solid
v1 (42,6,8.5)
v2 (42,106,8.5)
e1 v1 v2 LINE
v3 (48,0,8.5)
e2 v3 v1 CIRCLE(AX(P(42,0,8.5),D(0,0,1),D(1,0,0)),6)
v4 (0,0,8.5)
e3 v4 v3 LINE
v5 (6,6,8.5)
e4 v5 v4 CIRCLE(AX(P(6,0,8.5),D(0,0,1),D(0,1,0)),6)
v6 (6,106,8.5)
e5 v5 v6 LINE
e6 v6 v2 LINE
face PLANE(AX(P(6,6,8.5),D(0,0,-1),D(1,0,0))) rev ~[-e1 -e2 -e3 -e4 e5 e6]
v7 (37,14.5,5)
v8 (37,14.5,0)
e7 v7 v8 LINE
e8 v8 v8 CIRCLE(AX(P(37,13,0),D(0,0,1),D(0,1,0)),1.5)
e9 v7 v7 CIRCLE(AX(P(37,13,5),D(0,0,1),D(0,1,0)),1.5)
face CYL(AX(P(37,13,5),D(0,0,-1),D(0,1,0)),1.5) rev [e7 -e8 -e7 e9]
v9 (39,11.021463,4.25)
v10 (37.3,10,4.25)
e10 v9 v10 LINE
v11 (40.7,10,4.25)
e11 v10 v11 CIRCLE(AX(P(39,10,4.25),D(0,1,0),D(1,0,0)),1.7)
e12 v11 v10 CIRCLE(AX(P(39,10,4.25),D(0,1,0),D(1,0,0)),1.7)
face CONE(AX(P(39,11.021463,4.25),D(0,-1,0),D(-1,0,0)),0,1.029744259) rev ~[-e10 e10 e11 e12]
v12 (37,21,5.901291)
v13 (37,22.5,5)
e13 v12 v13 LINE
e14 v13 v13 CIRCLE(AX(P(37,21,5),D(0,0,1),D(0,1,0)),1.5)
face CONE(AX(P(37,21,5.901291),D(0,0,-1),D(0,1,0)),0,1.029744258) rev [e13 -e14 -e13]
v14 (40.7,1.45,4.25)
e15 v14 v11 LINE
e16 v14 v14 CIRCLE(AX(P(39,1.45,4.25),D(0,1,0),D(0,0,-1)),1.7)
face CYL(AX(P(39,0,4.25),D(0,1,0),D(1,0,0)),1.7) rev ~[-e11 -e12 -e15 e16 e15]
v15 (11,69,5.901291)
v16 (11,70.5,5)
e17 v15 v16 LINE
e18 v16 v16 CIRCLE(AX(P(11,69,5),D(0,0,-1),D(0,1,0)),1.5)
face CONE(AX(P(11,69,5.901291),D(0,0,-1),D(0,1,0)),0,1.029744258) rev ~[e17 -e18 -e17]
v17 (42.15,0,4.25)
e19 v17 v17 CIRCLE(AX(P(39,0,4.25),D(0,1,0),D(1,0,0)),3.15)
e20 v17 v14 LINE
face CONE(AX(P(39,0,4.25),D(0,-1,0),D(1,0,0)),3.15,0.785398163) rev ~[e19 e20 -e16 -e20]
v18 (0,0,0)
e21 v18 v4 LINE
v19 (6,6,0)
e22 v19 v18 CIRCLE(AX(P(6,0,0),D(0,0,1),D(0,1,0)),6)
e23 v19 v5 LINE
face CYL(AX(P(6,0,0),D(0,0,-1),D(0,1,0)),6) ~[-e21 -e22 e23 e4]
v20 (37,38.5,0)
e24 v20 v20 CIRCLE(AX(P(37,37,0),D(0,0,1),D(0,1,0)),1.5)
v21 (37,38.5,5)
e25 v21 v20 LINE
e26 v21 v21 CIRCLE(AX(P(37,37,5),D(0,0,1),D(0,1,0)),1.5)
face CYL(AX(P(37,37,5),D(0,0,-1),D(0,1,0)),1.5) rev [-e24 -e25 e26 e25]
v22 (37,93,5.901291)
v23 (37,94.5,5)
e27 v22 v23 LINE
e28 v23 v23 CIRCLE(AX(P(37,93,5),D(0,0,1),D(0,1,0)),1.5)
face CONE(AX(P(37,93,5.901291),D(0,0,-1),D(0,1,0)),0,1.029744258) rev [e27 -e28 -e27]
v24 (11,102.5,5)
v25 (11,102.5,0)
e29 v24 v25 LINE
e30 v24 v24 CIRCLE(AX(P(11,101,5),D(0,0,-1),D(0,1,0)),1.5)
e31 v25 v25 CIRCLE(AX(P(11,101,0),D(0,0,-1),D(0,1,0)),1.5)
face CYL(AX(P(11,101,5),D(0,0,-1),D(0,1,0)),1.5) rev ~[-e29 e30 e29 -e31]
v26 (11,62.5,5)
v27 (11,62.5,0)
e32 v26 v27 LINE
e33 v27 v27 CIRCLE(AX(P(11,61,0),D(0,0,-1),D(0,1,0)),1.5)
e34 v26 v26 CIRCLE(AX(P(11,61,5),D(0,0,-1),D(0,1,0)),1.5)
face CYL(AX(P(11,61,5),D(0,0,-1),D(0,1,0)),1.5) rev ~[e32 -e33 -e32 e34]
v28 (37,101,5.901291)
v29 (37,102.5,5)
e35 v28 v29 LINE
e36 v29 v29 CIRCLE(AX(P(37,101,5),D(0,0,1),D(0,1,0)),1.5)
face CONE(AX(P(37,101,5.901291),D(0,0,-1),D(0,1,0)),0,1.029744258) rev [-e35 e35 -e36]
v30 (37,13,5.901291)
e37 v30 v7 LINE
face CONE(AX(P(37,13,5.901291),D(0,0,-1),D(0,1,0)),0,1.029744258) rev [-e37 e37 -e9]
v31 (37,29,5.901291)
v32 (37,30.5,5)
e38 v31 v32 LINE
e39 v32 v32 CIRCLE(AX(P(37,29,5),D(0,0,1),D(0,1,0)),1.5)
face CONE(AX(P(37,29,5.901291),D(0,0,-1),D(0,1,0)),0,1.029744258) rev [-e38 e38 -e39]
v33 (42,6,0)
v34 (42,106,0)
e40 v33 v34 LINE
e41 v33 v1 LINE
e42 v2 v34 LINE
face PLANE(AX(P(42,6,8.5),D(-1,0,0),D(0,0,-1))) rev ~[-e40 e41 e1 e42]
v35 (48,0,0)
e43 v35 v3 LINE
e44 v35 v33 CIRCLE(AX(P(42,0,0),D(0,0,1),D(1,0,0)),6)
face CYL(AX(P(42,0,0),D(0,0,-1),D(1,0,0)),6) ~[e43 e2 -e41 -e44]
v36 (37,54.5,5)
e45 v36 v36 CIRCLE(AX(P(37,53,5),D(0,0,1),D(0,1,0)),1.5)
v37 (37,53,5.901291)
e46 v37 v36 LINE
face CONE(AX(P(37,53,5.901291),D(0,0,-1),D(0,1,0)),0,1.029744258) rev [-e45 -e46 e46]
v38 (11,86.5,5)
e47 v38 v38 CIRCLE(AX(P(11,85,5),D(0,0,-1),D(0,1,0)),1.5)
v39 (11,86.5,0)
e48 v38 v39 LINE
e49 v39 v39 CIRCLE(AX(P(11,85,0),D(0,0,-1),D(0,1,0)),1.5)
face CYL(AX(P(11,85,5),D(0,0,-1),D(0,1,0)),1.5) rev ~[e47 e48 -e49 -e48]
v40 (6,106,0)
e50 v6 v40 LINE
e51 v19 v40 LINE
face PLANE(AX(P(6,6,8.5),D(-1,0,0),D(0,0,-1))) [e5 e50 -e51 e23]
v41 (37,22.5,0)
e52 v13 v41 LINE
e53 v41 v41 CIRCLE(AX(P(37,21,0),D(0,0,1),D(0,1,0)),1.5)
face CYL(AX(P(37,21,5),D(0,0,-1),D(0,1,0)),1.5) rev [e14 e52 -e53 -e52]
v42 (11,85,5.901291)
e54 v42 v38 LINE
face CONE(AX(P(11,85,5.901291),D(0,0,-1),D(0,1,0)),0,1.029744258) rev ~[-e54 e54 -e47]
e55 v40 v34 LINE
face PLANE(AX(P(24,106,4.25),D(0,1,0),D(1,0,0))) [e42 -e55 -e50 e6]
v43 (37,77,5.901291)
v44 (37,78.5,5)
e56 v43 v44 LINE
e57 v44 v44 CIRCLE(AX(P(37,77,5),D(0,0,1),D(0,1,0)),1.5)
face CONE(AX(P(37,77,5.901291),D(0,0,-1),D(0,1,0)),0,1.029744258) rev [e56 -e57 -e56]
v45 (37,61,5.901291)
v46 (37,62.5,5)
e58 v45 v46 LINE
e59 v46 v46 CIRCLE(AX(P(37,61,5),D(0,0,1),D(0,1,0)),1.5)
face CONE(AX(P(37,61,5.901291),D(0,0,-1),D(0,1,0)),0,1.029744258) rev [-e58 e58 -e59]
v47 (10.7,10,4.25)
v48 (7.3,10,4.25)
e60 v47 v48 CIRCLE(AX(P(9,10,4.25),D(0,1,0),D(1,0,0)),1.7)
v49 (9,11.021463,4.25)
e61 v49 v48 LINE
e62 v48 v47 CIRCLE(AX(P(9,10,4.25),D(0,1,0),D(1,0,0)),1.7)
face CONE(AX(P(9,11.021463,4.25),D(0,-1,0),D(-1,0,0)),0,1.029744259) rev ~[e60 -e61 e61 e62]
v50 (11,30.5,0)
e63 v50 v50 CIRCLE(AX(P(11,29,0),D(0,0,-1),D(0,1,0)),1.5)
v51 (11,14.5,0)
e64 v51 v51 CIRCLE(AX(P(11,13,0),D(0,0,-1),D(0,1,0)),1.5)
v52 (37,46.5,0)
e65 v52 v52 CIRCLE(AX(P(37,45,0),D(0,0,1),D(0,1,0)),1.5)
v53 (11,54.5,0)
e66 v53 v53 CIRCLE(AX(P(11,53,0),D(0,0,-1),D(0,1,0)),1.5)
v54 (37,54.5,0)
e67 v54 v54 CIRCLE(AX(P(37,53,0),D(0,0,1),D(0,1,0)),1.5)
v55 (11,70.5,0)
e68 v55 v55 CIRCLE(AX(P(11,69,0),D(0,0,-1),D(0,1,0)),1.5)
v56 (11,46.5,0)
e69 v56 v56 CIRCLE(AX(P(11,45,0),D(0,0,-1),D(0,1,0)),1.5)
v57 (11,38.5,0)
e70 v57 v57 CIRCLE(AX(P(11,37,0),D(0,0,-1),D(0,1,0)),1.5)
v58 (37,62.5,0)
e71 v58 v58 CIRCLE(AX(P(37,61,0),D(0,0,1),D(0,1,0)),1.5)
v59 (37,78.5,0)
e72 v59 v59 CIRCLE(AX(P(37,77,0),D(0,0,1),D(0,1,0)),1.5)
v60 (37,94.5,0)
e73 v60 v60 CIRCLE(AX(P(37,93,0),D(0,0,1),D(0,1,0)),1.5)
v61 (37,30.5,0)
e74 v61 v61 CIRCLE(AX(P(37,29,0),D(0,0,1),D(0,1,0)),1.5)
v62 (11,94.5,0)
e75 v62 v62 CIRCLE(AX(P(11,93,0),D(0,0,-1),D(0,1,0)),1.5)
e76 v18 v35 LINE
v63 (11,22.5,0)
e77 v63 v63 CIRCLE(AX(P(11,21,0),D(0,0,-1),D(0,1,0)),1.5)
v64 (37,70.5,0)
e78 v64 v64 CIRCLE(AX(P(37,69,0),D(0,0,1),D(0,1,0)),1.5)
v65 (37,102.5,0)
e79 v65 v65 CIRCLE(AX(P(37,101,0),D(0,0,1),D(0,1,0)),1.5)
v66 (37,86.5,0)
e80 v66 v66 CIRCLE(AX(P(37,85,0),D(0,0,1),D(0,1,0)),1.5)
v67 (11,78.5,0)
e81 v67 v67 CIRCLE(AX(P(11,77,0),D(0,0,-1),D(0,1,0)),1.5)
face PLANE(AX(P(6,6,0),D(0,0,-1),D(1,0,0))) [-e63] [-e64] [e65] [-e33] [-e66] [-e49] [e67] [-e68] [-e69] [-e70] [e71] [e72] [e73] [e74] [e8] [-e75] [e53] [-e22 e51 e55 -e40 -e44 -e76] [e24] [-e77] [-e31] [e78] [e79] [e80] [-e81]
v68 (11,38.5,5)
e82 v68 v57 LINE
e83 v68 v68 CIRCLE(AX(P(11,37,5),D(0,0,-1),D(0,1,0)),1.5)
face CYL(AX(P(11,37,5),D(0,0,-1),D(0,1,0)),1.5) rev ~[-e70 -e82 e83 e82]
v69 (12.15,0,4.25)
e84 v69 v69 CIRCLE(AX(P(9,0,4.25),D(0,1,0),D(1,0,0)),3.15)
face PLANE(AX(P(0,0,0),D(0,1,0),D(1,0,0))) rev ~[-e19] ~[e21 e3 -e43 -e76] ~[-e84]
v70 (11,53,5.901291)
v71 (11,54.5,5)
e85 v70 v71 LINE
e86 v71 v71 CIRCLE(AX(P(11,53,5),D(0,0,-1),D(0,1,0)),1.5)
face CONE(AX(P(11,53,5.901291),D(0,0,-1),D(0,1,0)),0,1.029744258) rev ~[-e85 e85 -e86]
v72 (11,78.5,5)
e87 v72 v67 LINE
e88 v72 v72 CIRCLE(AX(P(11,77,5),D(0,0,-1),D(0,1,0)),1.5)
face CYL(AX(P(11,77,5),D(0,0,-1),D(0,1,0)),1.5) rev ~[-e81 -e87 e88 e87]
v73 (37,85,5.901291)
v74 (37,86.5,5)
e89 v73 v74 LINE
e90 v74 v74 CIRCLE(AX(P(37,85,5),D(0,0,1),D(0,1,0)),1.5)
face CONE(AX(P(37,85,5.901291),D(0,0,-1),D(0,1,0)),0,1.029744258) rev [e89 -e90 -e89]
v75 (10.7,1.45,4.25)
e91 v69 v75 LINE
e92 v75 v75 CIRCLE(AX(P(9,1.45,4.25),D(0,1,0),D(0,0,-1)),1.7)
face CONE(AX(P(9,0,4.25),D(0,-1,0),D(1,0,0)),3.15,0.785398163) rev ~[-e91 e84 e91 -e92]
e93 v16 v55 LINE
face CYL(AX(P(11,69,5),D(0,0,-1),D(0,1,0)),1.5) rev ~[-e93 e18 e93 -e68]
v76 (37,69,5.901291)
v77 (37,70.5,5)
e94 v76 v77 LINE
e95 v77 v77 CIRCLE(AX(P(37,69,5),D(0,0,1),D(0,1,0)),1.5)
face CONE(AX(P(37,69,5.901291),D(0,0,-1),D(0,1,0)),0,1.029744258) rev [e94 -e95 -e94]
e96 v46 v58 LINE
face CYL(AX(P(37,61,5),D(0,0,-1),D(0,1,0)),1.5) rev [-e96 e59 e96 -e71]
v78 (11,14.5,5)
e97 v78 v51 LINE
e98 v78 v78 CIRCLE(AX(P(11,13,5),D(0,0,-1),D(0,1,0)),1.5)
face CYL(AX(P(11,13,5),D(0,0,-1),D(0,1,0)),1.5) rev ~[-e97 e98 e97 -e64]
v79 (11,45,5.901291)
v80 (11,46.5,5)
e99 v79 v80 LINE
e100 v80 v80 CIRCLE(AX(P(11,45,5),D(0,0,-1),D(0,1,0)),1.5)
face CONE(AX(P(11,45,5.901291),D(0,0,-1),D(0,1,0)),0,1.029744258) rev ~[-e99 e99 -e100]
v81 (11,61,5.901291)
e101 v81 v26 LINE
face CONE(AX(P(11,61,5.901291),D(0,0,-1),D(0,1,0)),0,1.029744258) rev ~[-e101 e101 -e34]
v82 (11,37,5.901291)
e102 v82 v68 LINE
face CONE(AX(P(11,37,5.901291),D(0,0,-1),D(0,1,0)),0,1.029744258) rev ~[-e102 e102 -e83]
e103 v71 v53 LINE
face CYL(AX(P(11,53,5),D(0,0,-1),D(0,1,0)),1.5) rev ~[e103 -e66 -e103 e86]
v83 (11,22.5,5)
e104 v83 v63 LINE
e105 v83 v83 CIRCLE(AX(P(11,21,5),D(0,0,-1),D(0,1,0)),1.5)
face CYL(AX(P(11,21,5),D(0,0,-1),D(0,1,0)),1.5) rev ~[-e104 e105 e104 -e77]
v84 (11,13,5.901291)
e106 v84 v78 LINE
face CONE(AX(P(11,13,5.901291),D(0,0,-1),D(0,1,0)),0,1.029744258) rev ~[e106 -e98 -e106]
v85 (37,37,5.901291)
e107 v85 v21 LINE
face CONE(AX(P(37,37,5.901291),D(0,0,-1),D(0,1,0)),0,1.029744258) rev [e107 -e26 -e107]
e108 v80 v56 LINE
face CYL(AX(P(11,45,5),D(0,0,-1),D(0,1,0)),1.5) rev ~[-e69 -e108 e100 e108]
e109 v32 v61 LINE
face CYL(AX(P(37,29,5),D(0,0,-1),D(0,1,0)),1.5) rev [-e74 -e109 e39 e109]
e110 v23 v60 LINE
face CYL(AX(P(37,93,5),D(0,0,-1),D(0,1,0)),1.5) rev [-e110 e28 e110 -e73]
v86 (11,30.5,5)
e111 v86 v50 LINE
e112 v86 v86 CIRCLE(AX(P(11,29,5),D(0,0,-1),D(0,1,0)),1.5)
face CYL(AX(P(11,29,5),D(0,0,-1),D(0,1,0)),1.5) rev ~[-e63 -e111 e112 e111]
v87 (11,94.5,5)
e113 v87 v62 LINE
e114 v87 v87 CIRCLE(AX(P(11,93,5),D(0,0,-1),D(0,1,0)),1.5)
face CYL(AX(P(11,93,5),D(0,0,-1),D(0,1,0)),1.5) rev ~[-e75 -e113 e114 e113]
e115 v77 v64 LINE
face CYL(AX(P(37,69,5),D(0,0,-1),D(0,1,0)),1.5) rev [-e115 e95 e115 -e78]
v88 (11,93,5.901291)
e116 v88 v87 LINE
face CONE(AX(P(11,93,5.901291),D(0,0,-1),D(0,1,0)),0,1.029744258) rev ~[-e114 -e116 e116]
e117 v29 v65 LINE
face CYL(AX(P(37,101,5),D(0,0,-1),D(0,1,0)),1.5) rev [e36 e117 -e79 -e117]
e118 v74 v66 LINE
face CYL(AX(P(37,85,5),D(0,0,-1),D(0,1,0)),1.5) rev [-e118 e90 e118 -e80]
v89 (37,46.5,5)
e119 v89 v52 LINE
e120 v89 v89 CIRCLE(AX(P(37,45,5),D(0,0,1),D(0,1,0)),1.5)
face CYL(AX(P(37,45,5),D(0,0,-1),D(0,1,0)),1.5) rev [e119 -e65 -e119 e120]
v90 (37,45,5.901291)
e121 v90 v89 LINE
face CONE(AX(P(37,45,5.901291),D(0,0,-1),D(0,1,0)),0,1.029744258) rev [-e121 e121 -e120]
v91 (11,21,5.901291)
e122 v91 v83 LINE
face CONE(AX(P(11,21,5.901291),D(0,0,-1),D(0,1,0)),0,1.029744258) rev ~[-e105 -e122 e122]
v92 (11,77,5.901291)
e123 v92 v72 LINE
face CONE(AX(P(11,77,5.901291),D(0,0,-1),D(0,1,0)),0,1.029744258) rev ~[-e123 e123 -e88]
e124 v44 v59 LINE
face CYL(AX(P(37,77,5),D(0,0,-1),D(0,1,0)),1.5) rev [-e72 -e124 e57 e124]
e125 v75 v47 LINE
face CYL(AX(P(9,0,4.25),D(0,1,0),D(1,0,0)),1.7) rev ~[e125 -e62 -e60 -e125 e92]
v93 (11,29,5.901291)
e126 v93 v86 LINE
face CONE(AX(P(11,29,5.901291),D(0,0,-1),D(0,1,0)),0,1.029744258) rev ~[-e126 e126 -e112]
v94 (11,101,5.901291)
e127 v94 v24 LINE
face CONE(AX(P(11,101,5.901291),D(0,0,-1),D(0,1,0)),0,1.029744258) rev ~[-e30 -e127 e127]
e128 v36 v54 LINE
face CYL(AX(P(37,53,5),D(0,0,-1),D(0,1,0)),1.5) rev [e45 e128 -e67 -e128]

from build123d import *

# Parameters (mm, degrees)
BOSS_EXTRUDE1_DEPTH                             = 8.5
SKETCH5_W                                       = 36
SKETCH5_H                                       = 8.5
BOSS_EXTRUDE2_DEPTH                             = 100
CSK_FOR_M3_FLAT_HEAD_MACHINE_SCREW2_D           = 3.4
CSK_FOR_M3_FLAT_HEAD_MACHINE_SCREW2_DEPTH       = 10
CSK_FOR_M3_FLAT_HEAD_MACHINE_SCREW2_CSINK_D     = 6.3
CSK_FOR_M3_FLAT_HEAD_MACHINE_SCREW2_CSINK_ANGLE = 90
CSK_FOR_M3_FLAT_HEAD_MACHINE_SCREW2_TIP         = 1.021463052
LPATTERN1_COUNT                                 = 12
LPATTERN1_PITCH                                 = 8


with BuildPart() as part:
    # Sketch1 → Boss-Extrude1 (new body)
    with BuildSketch(Plane.XY):
        with BuildLine():
            Line((0, 0), (48, 0))
            ThreePointArc((48, 0), (46.242640687, 4.242640687), (42, 6))
            Line((42, 6), (6, 6))
            ThreePointArc((6, 6), (1.757359313, 4.242640687), (0, 0))
        make_face()
    extrude(amount=BOSS_EXTRUDE1_DEPTH)

    # Sketch5 → Boss-Extrude2 (add)
    with BuildSketch(Plane(origin=(0, 6, 0), x_dir=(1, 0, 0), z_dir=(0, 1, 0))):
        with Locations((24, -4.25)):
            Rectangle(SKETCH5_W, SKETCH5_H)
    extrude(amount=BOSS_EXTRUDE2_DEPTH)

    # Sketch14 → Ø3.0mm Dowel Hole3 (revolve, cut)
    with BuildSketch(Plane(origin=(37, 101, 0), x_dir=(0, 1, 0), z_dir=(1, 0, 0))):
        Polygon((0, 0), (0, 5.901290929), (1.5, 5), (1.5, 0), align=None)
    f_3_0mm_dowel_hole3 = revolve(axis=Axis((37, 101, -6.35), (0, 0, 1)), mode=Mode.SUBTRACT)

    # CSK for M3 Flat Head Machine Screw2
    with Locations(Plane(origin=(0, 0, 0), x_dir=(-1, 0, 0), z_dir=(0, -1, 0))):
        with Locations((-39, -4.25), (-9, -4.25)):
            CounterSinkHole(CSK_FOR_M3_FLAT_HEAD_MACHINE_SCREW2_D / 2, CSK_FOR_M3_FLAT_HEAD_MACHINE_SCREW2_CSINK_D / 2, depth=CSK_FOR_M3_FLAT_HEAD_MACHINE_SCREW2_DEPTH, counter_sink_angle=CSK_FOR_M3_FLAT_HEAD_MACHINE_SCREW2_CSINK_ANGLE)
            with Locations((0, 0, -(CSK_FOR_M3_FLAT_HEAD_MACHINE_SCREW2_DEPTH + CSK_FOR_M3_FLAT_HEAD_MACHINE_SCREW2_TIP / 2))):  # 118° drill point
                Cone(0, CSK_FOR_M3_FLAT_HEAD_MACHINE_SCREW2_D / 2, CSK_FOR_M3_FLAT_HEAD_MACHINE_SCREW2_TIP, mode=Mode.SUBTRACT)

    # Mirror1: Ø3.0mm Dowel Hole3 across plane
    add(f_3_0mm_dowel_hole3.mirror(Plane(origin=(24, 0, 0), x_dir=(0, 0, 1), z_dir=(1, 0, 0))), mode=Mode.SUBTRACT)

    # LPattern1: Ø3.0mm Dowel Hole3 ×12
    with Locations(*[(0, -i * LPATTERN1_PITCH, 0) for i in range(1, LPATTERN1_COUNT)]):
        add(f_3_0mm_dowel_hole3, mode=Mode.SUBTRACT)

    # LPattern1 copy 1 sketch → LPattern1 copy 1 (revolve, cut)
    with BuildSketch(Plane(origin=(11, 93, 0), x_dir=(0, 1, 0), z_dir=(-1, 0, 0))):
        Polygon((0, 0), (0, -5.901290929), (1.5, -5), (1.5, 0), align=None)
    revolve(axis=Axis((11, 93, -6.35), (0, 0, -1)), mode=Mode.SUBTRACT)

    # LPattern1 copy 2 sketch → LPattern1 copy 2 (revolve, cut)
    with BuildSketch(Plane(origin=(11, 85, 0), x_dir=(0, 1, 0), z_dir=(-1, 0, 0))):
        Polygon((0, 0), (0, -5.901290929), (1.5, -5), (1.5, 0), align=None)
    revolve(axis=Axis((11, 85, -6.35), (0, 0, -1)), mode=Mode.SUBTRACT)

    # LPattern1 copy 3 sketch → LPattern1 copy 3 (revolve, cut)
    with BuildSketch(Plane(origin=(11, 77, 0), x_dir=(0, 1, 0), z_dir=(-1, 0, 0))):
        Polygon((0, 0), (0, -5.901290929), (1.5, -5), (1.5, 0), align=None)
    revolve(axis=Axis((11, 77, -6.35), (0, 0, -1)), mode=Mode.SUBTRACT)

    # LPattern1 copy 4 sketch → LPattern1 copy 4 (revolve, cut)
    with BuildSketch(Plane(origin=(11, 69, 0), x_dir=(0, 1, 0), z_dir=(-1, 0, 0))):
        Polygon((0, 0), (0, -5.901290929), (1.5, -5), (1.5, 0), align=None)
    revolve(axis=Axis((11, 69, -6.35), (0, 0, -1)), mode=Mode.SUBTRACT)

    # LPattern1 copy 5 sketch → LPattern1 copy 5 (revolve, cut)
    with BuildSketch(Plane(origin=(11, 61, 0), x_dir=(0, 1, 0), z_dir=(-1, 0, 0))):
        Polygon((0, 0), (0, -5.901290929), (1.5, -5), (1.5, 0), align=None)
    revolve(axis=Axis((11, 61, -6.35), (0, 0, -1)), mode=Mode.SUBTRACT)

    # LPattern1 copy 6 sketch → LPattern1 copy 6 (revolve, cut)
    with BuildSketch(Plane(origin=(11, 53, 0), x_dir=(0, 1, 0), z_dir=(-1, 0, 0))):
        Polygon((0, 0), (0, -5.901290929), (1.5, -5), (1.5, 0), align=None)
    revolve(axis=Axis((11, 53, -6.35), (0, 0, -1)), mode=Mode.SUBTRACT)

    # LPattern1 copy 7 sketch → LPattern1 copy 7 (revolve, cut)
    with BuildSketch(Plane(origin=(11, 45, 0), x_dir=(0, 1, 0), z_dir=(-1, 0, 0))):
        Polygon((0, 0), (0, -5.901290929), (1.5, -5), (1.5, 0), align=None)
    revolve(axis=Axis((11, 45, -6.35), (0, 0, -1)), mode=Mode.SUBTRACT)

    # LPattern1 copy 8 sketch → LPattern1 copy 8 (revolve, cut)
    with BuildSketch(Plane(origin=(11, 37, 0), x_dir=(0, 1, 0), z_dir=(-1, 0, 0))):
        Polygon((0, 0), (0, -5.901290929), (1.5, -5), (1.5, 0), align=None)
    revolve(axis=Axis((11, 37, -6.35), (0, 0, -1)), mode=Mode.SUBTRACT)

    # LPattern1 copy 9 sketch → LPattern1 copy 9 (revolve, cut)
    with BuildSketch(Plane(origin=(11, 29, 0), x_dir=(0, 1, 0), z_dir=(-1, 0, 0))):
        Polygon((0, 0), (0, -5.901290929), (1.5, -5), (1.5, 0), align=None)
    revolve(axis=Axis((11, 29, -6.35), (0, 0, -1)), mode=Mode.SUBTRACT)

    # LPattern1 copy 10 sketch → LPattern1 copy 10 (revolve, cut)
    with BuildSketch(Plane(origin=(11, 21, 0), x_dir=(0, 1, 0), z_dir=(-1, 0, 0))):
        Polygon((0, 0), (0, -5.901290929), (1.5, -5), (1.5, 0), align=None)
    revolve(axis=Axis((11, 21, -6.35), (0, 0, -1)), mode=Mode.SUBTRACT)

    # LPattern1 copy 11 sketch → LPattern1 copy 11 (revolve, cut)
    with BuildSketch(Plane(origin=(11, 13, 0), x_dir=(0, 1, 0), z_dir=(-1, 0, 0))):
        Polygon((0, 0), (0, -5.901290929), (1.5, -5), (1.5, 0), align=None)
    revolve(axis=Axis((11, 13, -6.35), (0, 0, -1)), mode=Mode.SUBTRACT)


solid = part.part
